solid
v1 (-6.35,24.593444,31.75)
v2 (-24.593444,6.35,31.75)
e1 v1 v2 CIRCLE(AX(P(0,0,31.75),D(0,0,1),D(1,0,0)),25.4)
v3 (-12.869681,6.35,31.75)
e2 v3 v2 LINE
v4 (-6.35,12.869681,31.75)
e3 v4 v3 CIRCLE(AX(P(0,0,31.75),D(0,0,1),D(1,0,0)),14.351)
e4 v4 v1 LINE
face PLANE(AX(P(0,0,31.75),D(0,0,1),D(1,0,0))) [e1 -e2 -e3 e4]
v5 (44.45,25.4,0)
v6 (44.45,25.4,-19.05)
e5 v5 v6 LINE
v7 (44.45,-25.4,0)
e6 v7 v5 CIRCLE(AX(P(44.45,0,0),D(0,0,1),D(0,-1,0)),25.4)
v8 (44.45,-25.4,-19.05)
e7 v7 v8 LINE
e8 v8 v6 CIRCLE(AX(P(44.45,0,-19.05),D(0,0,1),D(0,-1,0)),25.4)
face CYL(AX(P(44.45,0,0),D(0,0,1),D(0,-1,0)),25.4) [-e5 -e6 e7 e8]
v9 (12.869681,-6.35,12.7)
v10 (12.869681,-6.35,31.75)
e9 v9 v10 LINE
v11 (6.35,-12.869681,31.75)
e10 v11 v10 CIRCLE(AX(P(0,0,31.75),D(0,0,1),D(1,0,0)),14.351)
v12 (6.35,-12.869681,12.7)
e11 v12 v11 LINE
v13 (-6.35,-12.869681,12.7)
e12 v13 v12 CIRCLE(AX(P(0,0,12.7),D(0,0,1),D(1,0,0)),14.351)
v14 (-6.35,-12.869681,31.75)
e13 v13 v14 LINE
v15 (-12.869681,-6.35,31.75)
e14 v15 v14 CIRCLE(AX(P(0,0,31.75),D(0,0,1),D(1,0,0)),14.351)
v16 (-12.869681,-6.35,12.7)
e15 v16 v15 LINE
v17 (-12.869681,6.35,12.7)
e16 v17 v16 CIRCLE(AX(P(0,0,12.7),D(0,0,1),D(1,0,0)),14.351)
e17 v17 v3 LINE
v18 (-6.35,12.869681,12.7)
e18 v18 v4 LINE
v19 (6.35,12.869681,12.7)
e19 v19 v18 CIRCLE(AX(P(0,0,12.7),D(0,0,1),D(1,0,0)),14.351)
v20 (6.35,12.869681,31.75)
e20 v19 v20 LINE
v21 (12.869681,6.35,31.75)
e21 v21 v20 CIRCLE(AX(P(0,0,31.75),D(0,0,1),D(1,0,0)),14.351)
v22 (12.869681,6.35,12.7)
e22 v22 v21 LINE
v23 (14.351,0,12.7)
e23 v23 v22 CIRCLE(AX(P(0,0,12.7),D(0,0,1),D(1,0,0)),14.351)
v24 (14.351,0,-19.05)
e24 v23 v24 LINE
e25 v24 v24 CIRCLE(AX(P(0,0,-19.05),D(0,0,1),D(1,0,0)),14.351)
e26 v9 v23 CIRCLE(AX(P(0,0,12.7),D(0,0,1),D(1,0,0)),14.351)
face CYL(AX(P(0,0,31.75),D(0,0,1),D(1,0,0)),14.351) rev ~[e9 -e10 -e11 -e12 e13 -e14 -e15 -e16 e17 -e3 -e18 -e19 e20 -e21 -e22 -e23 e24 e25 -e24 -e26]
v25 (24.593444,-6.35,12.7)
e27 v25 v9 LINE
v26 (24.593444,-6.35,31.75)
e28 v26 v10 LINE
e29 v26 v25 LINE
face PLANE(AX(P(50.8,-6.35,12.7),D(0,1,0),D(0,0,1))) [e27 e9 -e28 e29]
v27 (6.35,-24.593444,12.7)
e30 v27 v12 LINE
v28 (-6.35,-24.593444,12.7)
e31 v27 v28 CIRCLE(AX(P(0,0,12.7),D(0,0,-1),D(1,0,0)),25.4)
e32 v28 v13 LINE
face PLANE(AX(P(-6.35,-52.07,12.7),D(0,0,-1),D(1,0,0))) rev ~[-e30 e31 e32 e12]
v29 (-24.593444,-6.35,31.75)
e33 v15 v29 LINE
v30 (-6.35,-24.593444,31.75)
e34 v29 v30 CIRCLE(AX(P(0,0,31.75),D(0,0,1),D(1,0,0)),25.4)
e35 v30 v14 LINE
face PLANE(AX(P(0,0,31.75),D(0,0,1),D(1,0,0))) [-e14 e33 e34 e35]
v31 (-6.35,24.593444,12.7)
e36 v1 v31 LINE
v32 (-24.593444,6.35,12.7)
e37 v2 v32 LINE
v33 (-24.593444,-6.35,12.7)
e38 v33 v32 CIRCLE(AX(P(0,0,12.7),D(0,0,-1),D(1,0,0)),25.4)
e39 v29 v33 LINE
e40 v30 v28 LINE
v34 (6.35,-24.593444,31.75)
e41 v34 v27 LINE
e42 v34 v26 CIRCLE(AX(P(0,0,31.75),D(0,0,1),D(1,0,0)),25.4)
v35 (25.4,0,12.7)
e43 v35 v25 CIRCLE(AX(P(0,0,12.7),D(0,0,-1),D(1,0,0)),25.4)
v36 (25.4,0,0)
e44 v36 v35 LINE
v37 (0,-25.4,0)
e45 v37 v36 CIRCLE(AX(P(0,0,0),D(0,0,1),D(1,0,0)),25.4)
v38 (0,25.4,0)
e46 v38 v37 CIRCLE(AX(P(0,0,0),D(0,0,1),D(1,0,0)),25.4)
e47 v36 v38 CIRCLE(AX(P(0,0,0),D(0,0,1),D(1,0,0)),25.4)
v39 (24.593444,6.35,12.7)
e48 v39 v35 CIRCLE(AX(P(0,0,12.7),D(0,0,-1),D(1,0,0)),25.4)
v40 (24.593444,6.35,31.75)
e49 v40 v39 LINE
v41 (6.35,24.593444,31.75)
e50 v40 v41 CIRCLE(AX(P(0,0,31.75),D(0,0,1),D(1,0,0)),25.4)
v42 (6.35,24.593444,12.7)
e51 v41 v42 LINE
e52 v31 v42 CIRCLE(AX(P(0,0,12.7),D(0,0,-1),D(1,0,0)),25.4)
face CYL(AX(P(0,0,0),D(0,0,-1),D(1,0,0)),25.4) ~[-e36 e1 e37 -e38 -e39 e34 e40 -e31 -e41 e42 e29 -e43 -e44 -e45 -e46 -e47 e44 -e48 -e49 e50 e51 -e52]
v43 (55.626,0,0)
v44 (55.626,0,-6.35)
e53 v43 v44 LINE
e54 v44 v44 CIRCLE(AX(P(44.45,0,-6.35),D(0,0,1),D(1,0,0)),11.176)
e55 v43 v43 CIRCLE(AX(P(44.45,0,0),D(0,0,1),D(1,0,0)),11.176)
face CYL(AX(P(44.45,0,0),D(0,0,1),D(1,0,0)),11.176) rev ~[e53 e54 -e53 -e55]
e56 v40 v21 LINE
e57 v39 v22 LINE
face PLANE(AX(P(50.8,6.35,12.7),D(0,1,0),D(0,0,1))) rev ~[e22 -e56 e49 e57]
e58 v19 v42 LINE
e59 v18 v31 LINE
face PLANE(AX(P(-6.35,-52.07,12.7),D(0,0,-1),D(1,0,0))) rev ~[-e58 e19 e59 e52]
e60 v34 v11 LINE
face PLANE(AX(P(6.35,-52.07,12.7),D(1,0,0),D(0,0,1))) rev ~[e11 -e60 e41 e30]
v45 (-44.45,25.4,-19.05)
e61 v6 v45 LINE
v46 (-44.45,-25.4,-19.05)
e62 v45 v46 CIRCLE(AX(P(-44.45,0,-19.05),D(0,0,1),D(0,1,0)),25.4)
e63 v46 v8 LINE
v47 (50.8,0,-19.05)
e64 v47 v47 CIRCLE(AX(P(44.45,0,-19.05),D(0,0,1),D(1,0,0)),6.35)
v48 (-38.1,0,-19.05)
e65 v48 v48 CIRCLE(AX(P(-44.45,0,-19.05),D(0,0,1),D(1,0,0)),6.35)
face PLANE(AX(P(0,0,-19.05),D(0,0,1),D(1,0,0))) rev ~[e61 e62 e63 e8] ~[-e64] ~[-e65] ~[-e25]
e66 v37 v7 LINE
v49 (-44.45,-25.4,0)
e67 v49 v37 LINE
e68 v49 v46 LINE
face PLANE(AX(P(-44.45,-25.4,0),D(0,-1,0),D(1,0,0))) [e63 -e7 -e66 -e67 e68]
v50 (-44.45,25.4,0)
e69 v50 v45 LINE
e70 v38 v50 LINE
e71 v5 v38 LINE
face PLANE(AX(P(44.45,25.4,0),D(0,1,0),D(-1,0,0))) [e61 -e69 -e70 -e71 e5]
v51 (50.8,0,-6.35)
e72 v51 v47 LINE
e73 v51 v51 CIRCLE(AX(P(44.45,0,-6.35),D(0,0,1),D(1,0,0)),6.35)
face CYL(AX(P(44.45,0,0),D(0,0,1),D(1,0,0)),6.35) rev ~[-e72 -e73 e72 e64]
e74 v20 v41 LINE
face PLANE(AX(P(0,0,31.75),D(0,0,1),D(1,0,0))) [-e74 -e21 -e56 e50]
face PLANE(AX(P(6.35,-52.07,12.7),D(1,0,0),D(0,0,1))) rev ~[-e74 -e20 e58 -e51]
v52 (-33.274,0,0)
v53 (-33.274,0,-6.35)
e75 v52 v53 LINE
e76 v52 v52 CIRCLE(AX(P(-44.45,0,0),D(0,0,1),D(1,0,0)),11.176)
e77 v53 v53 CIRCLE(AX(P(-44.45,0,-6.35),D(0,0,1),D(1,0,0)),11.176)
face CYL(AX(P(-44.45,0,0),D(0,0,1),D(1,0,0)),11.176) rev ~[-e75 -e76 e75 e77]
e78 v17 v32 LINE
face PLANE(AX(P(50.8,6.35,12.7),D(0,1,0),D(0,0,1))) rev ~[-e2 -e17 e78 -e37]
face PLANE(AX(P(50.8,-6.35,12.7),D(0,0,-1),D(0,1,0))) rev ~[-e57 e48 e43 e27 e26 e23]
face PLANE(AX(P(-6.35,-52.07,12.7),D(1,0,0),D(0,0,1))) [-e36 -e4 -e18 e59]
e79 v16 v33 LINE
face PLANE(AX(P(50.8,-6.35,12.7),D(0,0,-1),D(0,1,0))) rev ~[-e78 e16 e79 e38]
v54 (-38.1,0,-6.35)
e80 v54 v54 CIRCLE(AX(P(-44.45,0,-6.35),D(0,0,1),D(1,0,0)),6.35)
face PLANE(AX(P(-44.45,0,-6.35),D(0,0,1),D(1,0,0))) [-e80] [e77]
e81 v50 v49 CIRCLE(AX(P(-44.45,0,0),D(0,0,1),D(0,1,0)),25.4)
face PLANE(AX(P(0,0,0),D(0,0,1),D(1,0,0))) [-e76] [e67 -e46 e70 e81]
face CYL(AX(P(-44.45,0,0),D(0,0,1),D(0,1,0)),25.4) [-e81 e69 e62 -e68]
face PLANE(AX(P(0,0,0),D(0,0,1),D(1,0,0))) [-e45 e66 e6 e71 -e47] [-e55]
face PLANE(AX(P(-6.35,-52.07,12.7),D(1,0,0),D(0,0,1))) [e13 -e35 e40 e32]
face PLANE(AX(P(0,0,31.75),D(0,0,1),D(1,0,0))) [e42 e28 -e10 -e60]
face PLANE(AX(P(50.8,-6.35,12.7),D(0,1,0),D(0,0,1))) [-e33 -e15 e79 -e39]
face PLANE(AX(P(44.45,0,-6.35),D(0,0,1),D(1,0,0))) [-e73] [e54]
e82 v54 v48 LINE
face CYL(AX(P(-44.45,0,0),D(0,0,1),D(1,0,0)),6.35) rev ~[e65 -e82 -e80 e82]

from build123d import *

# Parameters (mm, degrees)
F1_DEPTH  = 19.05
F2_R      = 6.35
F3_DEPTH  = 19.051
F2_R_2    = 11.176
F4_DEPTH  = 6.35
F5_R      = 25.4
F6_DEPTH  = 31.75
F7_R      = 14.351
F8_DEPTH  = 50.801
F10_W     = 12.7
F10_H     = 19.05
F11_DEPTH = 120.651
F13_W     = 12.7
F13_H     = 19.05
F14_DEPTH = 77.471


with BuildPart() as f1:
    # F0 (on Top) → F1 (new body)
    with BuildSketch(Plane.XY):
        with BuildLine():
            Line((44.45, 25.4), (-44.45, 25.4))
            ThreePointArc((-44.45, 25.4), (-69.85, 0), (-44.45, -25.4))
            Line((-44.45, -25.4), (44.45, -25.4))
            ThreePointArc((44.45, -25.4), (69.85, 0), (44.45, 25.4))
        make_face()
    extrude(amount=-F1_DEPTH)

    # F2 (on face) → F3 (cut, through all)
    with BuildSketch(Plane.XY):
        with Locations((-44.45, 0)):
            Circle(F2_R)
        with Locations((44.45, 0)):
            Circle(F2_R)
    extrude(amount=-F3_DEPTH, mode=Mode.SUBTRACT)

    # F2 (on face) → F4 (cut)
    with BuildSketch(Plane.XY):
        with Locations((-44.45, 0)):
            Circle(F2_R_2)
        with Locations((-44.45, 0)):
            Circle(F2_R, mode=Mode.SUBTRACT)
        with Locations((44.45, 0)):
            Circle(F2_R_2)
        with Locations((44.45, 0)):
            Circle(F2_R, mode=Mode.SUBTRACT)
    extrude(amount=-F4_DEPTH, mode=Mode.SUBTRACT)

    # F5 (on face) → F6 (join)
    with BuildSketch(Plane.XY):
        Circle(F5_R)
    extrude(amount=F6_DEPTH)

    # F7 (on face) → F8 (cut, through all)
    with BuildSketch(Plane.XY.offset(31.75)):
        Circle(F7_R)
    extrude(amount=-F8_DEPTH, mode=Mode.SUBTRACT)

    # F10 (on offset) → F11 (cut, through all)
    with BuildSketch(Plane.YZ.offset(50.8)):
        with Locations((0, 22.225)):
            Rectangle(F10_W, F10_H)
    extrude(amount=-F11_DEPTH, mode=Mode.SUBTRACT)

    # F13 (on offset) → F14 (cut, through all)
    with BuildSketch(Plane.XZ.offset(52.07)):
        with Locations((0, 22.225)):
            Rectangle(F13_W, F13_H)
    extrude(amount=-F14_DEPTH, mode=Mode.SUBTRACT)


solid = f1.part
